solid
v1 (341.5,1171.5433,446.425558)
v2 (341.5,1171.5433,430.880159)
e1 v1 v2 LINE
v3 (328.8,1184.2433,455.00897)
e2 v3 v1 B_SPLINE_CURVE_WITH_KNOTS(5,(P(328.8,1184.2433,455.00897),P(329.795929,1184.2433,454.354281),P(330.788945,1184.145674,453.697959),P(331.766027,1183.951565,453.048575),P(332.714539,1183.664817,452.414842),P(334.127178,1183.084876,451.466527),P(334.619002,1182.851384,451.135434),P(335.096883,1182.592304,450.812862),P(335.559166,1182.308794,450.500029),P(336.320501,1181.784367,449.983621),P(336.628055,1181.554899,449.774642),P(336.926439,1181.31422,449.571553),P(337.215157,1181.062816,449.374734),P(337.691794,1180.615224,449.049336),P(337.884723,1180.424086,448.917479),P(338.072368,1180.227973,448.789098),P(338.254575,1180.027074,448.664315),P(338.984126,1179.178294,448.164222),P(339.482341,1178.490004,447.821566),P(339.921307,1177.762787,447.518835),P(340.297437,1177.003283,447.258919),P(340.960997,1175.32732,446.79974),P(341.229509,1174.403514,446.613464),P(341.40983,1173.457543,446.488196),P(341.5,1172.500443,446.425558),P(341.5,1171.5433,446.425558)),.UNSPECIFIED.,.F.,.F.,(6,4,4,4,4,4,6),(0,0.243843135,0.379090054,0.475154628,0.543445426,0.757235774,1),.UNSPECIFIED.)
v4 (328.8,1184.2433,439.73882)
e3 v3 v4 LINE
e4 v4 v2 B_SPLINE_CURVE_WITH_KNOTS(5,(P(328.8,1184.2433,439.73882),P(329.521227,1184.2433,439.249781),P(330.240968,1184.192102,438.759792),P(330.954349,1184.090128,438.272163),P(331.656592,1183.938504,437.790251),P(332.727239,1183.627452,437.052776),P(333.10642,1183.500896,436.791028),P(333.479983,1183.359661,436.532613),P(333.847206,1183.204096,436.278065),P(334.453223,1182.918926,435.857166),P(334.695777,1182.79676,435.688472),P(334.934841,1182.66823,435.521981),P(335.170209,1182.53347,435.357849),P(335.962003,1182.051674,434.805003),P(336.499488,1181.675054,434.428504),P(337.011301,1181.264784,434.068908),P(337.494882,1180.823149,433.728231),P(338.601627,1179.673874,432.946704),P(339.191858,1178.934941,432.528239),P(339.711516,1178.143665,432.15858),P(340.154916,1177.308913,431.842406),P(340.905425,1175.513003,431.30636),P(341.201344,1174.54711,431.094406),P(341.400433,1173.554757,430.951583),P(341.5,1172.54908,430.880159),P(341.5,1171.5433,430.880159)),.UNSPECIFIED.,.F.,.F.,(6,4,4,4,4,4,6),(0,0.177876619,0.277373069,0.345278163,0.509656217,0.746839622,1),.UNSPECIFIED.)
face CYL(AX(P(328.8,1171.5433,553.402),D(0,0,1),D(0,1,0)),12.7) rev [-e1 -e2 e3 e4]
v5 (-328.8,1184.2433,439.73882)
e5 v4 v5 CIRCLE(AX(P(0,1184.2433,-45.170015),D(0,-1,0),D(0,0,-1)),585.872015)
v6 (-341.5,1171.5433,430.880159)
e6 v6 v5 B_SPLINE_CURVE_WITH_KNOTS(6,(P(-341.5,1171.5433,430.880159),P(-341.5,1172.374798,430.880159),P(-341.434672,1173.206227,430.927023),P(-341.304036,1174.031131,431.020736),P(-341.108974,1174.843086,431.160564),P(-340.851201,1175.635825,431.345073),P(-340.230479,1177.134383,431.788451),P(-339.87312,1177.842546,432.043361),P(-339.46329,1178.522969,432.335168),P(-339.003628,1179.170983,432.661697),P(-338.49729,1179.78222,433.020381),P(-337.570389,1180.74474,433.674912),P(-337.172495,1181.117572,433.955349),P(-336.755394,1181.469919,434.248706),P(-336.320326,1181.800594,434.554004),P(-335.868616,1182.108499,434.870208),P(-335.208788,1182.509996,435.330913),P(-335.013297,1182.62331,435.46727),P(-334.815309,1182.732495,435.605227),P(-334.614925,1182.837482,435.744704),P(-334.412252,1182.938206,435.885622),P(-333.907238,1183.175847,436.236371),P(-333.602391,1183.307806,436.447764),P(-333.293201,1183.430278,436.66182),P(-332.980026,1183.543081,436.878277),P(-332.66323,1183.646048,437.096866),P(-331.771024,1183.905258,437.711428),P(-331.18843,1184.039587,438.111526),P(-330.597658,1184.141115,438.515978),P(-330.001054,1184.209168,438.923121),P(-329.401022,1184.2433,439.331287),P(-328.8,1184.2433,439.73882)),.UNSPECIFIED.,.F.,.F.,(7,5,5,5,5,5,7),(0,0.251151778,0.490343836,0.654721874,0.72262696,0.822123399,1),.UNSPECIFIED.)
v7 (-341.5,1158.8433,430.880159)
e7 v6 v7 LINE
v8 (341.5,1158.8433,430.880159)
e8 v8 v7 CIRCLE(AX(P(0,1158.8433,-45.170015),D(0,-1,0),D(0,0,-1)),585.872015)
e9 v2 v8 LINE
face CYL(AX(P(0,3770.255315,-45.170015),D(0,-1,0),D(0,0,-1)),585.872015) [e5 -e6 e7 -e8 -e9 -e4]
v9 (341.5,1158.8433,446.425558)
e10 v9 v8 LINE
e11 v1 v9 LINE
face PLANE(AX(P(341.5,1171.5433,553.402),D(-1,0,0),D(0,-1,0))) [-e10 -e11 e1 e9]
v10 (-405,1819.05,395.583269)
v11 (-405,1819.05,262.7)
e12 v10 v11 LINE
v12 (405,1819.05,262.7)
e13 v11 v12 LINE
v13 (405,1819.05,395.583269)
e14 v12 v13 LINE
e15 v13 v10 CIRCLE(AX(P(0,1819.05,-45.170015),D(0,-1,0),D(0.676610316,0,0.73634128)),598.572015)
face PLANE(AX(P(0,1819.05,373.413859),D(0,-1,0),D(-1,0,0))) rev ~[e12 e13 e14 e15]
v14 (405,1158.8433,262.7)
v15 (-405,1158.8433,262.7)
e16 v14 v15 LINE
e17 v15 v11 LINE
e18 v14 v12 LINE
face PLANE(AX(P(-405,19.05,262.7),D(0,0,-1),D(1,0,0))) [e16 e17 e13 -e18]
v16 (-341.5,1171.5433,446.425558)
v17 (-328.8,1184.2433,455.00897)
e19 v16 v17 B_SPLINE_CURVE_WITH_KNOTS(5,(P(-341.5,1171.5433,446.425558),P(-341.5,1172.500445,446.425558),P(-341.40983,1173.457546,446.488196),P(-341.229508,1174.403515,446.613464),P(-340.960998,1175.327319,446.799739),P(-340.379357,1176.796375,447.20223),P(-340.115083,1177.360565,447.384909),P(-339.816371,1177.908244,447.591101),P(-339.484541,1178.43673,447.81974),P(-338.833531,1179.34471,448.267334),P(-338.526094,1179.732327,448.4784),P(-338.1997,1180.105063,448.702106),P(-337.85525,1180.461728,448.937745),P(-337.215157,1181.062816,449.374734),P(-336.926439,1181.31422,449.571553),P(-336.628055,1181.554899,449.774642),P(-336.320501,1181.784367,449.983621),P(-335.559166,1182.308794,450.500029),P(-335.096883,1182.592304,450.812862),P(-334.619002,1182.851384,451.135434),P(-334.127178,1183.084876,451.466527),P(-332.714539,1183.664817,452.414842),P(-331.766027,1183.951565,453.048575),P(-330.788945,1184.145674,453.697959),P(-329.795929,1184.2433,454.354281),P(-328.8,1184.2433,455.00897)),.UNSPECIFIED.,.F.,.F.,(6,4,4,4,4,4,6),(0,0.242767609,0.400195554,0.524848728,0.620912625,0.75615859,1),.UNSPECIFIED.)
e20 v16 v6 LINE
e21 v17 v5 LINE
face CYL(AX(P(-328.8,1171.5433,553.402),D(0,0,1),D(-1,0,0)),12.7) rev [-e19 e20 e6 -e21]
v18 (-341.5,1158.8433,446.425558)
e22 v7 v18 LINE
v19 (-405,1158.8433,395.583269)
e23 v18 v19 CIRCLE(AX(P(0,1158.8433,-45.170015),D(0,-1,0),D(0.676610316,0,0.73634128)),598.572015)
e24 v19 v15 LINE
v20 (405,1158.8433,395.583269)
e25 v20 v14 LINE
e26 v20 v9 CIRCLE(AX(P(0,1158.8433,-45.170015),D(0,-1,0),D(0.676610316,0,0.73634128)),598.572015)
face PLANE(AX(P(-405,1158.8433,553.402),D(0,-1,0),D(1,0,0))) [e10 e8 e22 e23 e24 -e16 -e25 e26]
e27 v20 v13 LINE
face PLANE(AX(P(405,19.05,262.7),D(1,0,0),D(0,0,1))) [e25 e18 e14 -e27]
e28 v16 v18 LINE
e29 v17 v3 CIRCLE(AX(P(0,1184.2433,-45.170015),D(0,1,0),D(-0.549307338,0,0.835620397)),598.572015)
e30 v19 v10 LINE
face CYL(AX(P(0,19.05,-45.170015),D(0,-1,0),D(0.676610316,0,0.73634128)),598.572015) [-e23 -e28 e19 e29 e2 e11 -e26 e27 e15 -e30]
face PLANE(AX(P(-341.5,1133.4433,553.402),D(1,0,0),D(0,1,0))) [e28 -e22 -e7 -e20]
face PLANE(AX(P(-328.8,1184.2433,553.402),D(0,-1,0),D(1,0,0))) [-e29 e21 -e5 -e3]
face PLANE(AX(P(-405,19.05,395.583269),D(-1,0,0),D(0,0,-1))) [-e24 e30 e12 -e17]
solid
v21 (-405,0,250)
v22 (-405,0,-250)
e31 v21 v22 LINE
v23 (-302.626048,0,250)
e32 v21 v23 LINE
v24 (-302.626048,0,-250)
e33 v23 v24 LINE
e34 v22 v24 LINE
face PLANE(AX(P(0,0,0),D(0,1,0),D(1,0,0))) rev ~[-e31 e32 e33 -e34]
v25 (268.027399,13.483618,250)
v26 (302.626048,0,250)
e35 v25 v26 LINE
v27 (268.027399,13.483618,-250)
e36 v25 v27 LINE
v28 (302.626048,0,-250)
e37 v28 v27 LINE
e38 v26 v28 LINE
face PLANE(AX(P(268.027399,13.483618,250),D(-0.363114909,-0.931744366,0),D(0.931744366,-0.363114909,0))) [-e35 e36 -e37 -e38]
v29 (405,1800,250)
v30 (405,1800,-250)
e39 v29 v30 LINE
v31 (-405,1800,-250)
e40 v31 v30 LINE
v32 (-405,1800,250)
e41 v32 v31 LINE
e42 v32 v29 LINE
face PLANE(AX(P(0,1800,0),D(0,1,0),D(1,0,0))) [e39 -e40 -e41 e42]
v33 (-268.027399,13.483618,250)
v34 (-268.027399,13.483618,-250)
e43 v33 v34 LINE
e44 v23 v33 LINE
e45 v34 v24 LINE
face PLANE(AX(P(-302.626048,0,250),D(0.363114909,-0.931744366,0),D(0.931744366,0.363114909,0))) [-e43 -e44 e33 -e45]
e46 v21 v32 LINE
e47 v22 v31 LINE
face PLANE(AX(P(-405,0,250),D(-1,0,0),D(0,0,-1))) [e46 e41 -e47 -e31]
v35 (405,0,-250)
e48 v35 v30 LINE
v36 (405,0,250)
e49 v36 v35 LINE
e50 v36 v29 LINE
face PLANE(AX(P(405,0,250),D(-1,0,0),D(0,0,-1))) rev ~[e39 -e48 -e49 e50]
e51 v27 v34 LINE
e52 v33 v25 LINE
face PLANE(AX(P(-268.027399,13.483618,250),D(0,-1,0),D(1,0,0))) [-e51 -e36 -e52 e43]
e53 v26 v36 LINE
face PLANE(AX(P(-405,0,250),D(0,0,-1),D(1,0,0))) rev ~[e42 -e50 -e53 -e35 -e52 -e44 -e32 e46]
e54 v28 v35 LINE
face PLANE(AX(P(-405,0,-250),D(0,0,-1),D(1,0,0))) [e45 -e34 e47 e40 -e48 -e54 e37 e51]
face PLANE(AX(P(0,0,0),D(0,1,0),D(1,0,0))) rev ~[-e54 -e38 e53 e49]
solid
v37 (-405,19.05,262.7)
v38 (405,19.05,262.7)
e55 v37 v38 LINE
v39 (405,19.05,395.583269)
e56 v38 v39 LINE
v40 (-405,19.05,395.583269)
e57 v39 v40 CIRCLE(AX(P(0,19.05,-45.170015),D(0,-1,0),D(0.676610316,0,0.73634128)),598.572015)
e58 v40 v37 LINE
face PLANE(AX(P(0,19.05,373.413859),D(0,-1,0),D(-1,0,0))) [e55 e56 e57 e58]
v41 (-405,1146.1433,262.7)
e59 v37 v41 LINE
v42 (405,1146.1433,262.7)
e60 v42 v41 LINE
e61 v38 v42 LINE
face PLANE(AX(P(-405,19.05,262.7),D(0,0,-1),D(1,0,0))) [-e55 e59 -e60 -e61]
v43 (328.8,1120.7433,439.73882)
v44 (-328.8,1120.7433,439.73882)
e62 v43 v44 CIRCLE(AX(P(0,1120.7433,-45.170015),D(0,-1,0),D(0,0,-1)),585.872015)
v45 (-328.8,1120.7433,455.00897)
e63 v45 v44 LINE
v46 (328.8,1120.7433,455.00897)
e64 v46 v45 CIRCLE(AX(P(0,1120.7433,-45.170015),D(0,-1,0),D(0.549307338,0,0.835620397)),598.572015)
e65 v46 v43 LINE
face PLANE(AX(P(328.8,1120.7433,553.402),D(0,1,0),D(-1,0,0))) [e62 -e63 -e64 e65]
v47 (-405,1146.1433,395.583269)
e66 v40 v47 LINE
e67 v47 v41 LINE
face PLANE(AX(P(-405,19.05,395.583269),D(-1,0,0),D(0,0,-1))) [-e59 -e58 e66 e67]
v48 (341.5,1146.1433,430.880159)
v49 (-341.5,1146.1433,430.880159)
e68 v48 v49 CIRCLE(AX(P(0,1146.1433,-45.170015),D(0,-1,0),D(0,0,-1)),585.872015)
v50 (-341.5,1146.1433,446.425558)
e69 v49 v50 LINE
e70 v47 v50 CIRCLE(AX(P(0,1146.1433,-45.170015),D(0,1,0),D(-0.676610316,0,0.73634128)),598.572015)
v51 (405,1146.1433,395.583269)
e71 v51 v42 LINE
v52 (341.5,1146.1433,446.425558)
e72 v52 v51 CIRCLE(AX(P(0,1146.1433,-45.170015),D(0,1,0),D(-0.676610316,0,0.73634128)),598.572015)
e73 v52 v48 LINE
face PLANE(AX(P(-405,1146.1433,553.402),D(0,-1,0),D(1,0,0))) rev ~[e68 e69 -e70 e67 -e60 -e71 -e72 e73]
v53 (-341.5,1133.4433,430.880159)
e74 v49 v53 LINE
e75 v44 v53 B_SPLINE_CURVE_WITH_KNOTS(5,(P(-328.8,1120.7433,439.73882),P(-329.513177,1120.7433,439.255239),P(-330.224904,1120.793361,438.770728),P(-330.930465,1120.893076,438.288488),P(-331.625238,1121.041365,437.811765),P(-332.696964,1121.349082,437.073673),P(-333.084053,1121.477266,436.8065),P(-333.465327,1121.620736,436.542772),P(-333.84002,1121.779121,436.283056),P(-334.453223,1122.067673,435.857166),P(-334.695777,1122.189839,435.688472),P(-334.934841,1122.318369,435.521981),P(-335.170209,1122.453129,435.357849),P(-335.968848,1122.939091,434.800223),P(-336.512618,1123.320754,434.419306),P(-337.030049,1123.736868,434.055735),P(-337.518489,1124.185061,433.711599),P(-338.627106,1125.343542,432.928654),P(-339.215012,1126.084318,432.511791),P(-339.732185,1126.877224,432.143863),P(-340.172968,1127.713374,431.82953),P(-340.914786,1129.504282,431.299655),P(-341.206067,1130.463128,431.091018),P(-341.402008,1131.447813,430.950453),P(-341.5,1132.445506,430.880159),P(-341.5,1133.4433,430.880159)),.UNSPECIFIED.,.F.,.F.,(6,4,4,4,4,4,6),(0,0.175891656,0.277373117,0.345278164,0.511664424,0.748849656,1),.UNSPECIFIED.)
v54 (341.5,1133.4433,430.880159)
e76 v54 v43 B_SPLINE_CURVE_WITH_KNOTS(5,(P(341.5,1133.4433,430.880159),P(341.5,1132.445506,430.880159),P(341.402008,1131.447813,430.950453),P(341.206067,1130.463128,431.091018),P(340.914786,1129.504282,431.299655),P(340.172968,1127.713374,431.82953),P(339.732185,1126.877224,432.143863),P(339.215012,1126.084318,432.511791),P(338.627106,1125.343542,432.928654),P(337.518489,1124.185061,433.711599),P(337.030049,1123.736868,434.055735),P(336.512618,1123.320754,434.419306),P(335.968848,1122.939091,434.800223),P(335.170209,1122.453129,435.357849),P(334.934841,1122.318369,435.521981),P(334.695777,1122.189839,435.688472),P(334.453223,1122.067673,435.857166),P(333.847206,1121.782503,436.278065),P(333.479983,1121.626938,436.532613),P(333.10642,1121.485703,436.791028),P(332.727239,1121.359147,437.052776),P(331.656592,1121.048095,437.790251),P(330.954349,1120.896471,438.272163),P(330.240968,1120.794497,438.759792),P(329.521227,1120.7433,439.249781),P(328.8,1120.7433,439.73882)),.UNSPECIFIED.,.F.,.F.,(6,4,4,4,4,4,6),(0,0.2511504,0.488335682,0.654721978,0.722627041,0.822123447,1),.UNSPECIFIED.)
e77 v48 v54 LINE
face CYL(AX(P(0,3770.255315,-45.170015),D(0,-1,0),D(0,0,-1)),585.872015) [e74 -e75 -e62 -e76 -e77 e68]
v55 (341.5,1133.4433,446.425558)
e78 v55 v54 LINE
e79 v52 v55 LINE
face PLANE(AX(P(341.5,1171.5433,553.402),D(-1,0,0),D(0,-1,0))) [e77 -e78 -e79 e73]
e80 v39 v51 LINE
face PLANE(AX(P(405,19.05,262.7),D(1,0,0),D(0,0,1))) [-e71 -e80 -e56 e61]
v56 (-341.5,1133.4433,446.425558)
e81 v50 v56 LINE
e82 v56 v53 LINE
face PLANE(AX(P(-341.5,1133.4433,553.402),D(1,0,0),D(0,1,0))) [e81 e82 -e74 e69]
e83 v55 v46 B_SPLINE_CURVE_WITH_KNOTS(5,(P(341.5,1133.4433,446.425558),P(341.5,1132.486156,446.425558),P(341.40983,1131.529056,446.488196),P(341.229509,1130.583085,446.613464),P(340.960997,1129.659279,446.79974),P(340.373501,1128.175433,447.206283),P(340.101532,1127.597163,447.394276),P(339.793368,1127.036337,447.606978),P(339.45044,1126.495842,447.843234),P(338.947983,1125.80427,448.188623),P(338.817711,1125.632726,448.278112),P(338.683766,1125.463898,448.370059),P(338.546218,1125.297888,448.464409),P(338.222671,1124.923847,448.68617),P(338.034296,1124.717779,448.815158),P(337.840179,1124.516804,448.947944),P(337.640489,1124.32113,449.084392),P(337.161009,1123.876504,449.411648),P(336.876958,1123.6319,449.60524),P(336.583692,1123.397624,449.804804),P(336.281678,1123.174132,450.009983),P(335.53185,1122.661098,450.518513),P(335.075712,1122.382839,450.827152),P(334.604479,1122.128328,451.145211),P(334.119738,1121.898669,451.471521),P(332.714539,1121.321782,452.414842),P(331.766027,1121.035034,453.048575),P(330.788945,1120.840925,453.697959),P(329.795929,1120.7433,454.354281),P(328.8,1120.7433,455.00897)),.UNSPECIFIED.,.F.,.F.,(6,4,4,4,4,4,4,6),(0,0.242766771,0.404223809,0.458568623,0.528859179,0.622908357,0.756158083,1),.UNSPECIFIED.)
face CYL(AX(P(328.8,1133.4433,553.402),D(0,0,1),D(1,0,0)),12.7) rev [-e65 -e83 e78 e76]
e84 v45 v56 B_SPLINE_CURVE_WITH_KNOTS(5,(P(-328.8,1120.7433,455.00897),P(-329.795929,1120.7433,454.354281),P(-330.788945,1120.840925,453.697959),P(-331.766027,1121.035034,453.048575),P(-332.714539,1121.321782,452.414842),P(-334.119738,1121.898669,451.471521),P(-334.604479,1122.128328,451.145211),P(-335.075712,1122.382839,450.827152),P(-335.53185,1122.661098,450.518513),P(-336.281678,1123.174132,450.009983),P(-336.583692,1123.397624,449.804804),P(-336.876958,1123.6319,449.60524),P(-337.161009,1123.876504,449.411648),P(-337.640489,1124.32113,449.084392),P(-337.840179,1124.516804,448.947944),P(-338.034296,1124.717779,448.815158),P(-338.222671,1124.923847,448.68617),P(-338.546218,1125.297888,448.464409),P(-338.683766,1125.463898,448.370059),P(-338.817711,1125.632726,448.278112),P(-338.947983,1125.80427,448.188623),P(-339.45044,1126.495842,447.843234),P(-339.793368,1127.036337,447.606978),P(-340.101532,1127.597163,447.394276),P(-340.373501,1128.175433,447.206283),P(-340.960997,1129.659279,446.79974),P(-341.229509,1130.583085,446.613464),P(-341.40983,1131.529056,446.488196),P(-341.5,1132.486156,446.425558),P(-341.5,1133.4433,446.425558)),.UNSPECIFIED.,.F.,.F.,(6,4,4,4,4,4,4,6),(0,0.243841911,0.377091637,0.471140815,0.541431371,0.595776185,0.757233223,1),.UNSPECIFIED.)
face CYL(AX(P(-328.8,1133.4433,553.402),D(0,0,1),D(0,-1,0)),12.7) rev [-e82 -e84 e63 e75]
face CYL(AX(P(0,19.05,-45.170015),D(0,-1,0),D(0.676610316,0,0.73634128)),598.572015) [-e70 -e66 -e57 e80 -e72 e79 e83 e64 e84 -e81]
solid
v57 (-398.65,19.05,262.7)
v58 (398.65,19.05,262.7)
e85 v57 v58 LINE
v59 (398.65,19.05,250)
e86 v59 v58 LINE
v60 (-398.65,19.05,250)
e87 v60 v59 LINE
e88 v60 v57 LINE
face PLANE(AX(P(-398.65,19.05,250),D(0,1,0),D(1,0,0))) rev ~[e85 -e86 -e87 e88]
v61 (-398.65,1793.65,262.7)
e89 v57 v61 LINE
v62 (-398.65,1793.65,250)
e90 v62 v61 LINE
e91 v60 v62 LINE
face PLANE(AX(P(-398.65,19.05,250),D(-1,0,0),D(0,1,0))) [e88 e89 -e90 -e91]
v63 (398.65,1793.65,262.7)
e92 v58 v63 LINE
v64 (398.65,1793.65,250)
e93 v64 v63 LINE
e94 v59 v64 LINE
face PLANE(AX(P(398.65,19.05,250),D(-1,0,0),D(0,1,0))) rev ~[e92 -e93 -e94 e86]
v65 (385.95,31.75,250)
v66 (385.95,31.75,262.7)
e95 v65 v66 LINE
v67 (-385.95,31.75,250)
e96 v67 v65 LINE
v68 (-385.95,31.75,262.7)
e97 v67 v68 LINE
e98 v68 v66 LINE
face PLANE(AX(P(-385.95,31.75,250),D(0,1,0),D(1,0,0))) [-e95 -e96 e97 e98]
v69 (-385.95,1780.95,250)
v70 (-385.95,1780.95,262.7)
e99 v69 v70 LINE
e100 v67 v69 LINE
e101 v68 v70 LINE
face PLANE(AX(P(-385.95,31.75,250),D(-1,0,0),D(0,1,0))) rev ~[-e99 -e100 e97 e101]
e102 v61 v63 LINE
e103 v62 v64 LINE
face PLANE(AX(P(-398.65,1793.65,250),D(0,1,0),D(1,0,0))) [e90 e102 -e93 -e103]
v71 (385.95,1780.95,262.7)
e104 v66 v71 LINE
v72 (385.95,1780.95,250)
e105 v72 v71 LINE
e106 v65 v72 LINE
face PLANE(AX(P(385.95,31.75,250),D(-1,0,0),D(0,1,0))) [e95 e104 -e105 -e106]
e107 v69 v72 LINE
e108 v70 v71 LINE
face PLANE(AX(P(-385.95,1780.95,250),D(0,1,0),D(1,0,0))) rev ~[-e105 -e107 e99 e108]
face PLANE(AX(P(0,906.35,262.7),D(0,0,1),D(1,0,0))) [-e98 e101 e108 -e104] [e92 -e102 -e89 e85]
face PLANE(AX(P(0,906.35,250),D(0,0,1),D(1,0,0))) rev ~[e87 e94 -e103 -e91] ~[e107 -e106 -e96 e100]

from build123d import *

# Parameters (mm, degrees)
SKETCH1_W               = 810
SKETCH1_H               = 500
BOSS_EXTRUDE1_DEPTH     = 1800
BOSS_EXTRUDE2_START     = 19.05
BOSS_EXTRUDE2_DEPTH     = 1800
SKETCH3_W               = 810
SKETCH3_H               = 12.7
CUT_EXTRUDE1_DEPTH      = 1712.976
CUT_EXTRUDE2_REACH      = 2031.39
CUT_EXTRUDE2_END_RADIUS = 585.872014924
SKETCH5_W               = 797.3
SKETCH5_H               = 1774.6
SKETCH5_W_2             = 771.9
SKETCH5_H_2             = 1749.2
EXTRUDE_THIN1_DEPTH     = 12.7
CUT_EXTRUDE3_DEPTH      = 1930.499391797


with BuildPart() as part:
    # Sketch1 → Boss-Extrude1 (new body)
    with BuildSketch(Plane(origin=(0, 0, 0), x_dir=(1, 0, 0), z_dir=(0, 1, 0))):
        Rectangle(SKETCH1_W, SKETCH1_H)
    extrude(amount=BOSS_EXTRUDE1_DEPTH)

    # Sketch6 → Cut-Extrude3 (cut, through all)
    with BuildSketch(Plane.XY.offset(250)):
        Polygon((-302.626047731, 0), (-268.027399007, 13.483618078), (268.027399007, 13.483618078), (302.626047731, 0), align=None)
    extrude(amount=-CUT_EXTRUDE3_DEPTH, mode=Mode.SUBTRACT)


with BuildPart() as body_2:
    # Sketch2 → Boss-Extrude2 (new body)
    with BuildSketch(Plane(origin=(0, 0, 0), x_dir=(1, 0, 0), z_dir=(0, 1, 0)).offset(BOSS_EXTRUDE2_START)):
        with BuildLine():
            Line((-405, -262.7), (405, -262.7))
            Line((405, -262.7), (405, -395.583268728))
            ThreePointArc((405, -395.583268728), (0, -553.402), (-405, -395.583268728))
            Line((-405, -395.583268728), (-405, -262.7))
        make_face()
    extrude(amount=BOSS_EXTRUDE2_DEPTH)

    # Sketch3 → Cut-Extrude1 (cut)
    with BuildSketch(Plane.XY.offset(553.402)):
        with Locations((0, 1152.493299562)):
            Rectangle(SKETCH3_W, SKETCH3_H)
    extrude(amount=-CUT_EXTRUDE1_DEPTH, mode=Mode.SUBTRACT)


with BuildPart() as cut_extrude1_piece_1:
    # of the separate pieces the step leaves, piece 1, a body of its own (cut_extrude1_pieces)
    add(body_2.part.solids().sort_by_distance((-405, 19.05, 395.583268728))[0])


with BuildPart() as cut_extrude1_piece_2:
    # of the separate pieces the step leaves, piece 2, a body of its own (cut_extrude1_pieces)
    add(body_2.part.solids().sort_by_distance((-405, 1158.843299562, 395.583268728))[0])


with BuildPart() as cut_extrude2_tool:
    # Cut-Extrude2: up to this cylinder (the profile starts outside it)
    cut_extrude2_end = Plane(origin=(0, 1152.4933, -45.170014924), z_dir=(0, -1, 0)) * Cylinder(CUT_EXTRUDE2_END_RADIUS, 5235.524029848, mode=Mode.PRIVATE)
    # Sketch4 → Cut-Extrude2 (new, up to the surface)
    with BuildSketch(Plane.XY.offset(553.402), mode=Mode.PRIVATE) as cut_extrude2_sk1:
        with BuildLine():
            Line((-328.8, 1184.243299562), (328.8, 1184.243299562))
            ThreePointArc((328.8, 1184.243299562), (337.780256121, 1180.523555683), (341.5, 1171.543299562))
            Line((341.5, 1171.543299562), (341.5, 1133.443299562))
            ThreePointArc((341.5, 1133.443299562), (337.780256121, 1124.463043441), (328.8, 1120.743299562))
            Line((328.8, 1120.743299562), (-328.8, 1120.743299562))
            ThreePointArc((-328.8, 1120.743299562), (-337.780256121, 1124.463043441), (-341.5, 1133.443299562))
            Line((-341.5, 1133.443299562), (-341.5, 1171.543299562))
            ThreePointArc((-341.5, 1171.543299562), (-337.780256121, 1180.523555683), (-328.8, 1184.243299562))
        make_face()
    cut_extrude2_tool1 = extrude(cut_extrude2_sk1.sketch, amount=-CUT_EXTRUDE2_REACH, mode=Mode.PRIVATE) - cut_extrude2_end
    add(cut_extrude2_tool1.solids().sort_by_distance((0, 1152.4933, 553.402))[0])


with BuildPart() as cut_extrude1_piece_1_1:
    add(cut_extrude1_piece_1.part)

    # Cut-Extrude2: cut by cut_extrude2_tool
    add(cut_extrude2_tool.part, mode=Mode.SUBTRACT)


with BuildPart() as cut_extrude1_piece_2_1:
    add(cut_extrude1_piece_2.part)

    # Cut-Extrude2: cut by cut_extrude2_tool
    add(cut_extrude2_tool.part, mode=Mode.SUBTRACT)


with BuildPart() as body_4:
    # Sketch5 → Extrude-Thin1 (new body)
    with BuildSketch(Plane.XY.offset(250)):
        with Locations((0, 906.35)):
            Rectangle(SKETCH5_W, SKETCH5_H)
        with Locations((0, 906.35)):
            Rectangle(SKETCH5_W_2, SKETCH5_H_2, mode=Mode.SUBTRACT)
    extrude(amount=EXTRUDE_THIN1_DEPTH)


solid = Compound([part.part, cut_extrude1_piece_1_1.part, cut_extrude1_piece_2_1.part, body_4.part])
